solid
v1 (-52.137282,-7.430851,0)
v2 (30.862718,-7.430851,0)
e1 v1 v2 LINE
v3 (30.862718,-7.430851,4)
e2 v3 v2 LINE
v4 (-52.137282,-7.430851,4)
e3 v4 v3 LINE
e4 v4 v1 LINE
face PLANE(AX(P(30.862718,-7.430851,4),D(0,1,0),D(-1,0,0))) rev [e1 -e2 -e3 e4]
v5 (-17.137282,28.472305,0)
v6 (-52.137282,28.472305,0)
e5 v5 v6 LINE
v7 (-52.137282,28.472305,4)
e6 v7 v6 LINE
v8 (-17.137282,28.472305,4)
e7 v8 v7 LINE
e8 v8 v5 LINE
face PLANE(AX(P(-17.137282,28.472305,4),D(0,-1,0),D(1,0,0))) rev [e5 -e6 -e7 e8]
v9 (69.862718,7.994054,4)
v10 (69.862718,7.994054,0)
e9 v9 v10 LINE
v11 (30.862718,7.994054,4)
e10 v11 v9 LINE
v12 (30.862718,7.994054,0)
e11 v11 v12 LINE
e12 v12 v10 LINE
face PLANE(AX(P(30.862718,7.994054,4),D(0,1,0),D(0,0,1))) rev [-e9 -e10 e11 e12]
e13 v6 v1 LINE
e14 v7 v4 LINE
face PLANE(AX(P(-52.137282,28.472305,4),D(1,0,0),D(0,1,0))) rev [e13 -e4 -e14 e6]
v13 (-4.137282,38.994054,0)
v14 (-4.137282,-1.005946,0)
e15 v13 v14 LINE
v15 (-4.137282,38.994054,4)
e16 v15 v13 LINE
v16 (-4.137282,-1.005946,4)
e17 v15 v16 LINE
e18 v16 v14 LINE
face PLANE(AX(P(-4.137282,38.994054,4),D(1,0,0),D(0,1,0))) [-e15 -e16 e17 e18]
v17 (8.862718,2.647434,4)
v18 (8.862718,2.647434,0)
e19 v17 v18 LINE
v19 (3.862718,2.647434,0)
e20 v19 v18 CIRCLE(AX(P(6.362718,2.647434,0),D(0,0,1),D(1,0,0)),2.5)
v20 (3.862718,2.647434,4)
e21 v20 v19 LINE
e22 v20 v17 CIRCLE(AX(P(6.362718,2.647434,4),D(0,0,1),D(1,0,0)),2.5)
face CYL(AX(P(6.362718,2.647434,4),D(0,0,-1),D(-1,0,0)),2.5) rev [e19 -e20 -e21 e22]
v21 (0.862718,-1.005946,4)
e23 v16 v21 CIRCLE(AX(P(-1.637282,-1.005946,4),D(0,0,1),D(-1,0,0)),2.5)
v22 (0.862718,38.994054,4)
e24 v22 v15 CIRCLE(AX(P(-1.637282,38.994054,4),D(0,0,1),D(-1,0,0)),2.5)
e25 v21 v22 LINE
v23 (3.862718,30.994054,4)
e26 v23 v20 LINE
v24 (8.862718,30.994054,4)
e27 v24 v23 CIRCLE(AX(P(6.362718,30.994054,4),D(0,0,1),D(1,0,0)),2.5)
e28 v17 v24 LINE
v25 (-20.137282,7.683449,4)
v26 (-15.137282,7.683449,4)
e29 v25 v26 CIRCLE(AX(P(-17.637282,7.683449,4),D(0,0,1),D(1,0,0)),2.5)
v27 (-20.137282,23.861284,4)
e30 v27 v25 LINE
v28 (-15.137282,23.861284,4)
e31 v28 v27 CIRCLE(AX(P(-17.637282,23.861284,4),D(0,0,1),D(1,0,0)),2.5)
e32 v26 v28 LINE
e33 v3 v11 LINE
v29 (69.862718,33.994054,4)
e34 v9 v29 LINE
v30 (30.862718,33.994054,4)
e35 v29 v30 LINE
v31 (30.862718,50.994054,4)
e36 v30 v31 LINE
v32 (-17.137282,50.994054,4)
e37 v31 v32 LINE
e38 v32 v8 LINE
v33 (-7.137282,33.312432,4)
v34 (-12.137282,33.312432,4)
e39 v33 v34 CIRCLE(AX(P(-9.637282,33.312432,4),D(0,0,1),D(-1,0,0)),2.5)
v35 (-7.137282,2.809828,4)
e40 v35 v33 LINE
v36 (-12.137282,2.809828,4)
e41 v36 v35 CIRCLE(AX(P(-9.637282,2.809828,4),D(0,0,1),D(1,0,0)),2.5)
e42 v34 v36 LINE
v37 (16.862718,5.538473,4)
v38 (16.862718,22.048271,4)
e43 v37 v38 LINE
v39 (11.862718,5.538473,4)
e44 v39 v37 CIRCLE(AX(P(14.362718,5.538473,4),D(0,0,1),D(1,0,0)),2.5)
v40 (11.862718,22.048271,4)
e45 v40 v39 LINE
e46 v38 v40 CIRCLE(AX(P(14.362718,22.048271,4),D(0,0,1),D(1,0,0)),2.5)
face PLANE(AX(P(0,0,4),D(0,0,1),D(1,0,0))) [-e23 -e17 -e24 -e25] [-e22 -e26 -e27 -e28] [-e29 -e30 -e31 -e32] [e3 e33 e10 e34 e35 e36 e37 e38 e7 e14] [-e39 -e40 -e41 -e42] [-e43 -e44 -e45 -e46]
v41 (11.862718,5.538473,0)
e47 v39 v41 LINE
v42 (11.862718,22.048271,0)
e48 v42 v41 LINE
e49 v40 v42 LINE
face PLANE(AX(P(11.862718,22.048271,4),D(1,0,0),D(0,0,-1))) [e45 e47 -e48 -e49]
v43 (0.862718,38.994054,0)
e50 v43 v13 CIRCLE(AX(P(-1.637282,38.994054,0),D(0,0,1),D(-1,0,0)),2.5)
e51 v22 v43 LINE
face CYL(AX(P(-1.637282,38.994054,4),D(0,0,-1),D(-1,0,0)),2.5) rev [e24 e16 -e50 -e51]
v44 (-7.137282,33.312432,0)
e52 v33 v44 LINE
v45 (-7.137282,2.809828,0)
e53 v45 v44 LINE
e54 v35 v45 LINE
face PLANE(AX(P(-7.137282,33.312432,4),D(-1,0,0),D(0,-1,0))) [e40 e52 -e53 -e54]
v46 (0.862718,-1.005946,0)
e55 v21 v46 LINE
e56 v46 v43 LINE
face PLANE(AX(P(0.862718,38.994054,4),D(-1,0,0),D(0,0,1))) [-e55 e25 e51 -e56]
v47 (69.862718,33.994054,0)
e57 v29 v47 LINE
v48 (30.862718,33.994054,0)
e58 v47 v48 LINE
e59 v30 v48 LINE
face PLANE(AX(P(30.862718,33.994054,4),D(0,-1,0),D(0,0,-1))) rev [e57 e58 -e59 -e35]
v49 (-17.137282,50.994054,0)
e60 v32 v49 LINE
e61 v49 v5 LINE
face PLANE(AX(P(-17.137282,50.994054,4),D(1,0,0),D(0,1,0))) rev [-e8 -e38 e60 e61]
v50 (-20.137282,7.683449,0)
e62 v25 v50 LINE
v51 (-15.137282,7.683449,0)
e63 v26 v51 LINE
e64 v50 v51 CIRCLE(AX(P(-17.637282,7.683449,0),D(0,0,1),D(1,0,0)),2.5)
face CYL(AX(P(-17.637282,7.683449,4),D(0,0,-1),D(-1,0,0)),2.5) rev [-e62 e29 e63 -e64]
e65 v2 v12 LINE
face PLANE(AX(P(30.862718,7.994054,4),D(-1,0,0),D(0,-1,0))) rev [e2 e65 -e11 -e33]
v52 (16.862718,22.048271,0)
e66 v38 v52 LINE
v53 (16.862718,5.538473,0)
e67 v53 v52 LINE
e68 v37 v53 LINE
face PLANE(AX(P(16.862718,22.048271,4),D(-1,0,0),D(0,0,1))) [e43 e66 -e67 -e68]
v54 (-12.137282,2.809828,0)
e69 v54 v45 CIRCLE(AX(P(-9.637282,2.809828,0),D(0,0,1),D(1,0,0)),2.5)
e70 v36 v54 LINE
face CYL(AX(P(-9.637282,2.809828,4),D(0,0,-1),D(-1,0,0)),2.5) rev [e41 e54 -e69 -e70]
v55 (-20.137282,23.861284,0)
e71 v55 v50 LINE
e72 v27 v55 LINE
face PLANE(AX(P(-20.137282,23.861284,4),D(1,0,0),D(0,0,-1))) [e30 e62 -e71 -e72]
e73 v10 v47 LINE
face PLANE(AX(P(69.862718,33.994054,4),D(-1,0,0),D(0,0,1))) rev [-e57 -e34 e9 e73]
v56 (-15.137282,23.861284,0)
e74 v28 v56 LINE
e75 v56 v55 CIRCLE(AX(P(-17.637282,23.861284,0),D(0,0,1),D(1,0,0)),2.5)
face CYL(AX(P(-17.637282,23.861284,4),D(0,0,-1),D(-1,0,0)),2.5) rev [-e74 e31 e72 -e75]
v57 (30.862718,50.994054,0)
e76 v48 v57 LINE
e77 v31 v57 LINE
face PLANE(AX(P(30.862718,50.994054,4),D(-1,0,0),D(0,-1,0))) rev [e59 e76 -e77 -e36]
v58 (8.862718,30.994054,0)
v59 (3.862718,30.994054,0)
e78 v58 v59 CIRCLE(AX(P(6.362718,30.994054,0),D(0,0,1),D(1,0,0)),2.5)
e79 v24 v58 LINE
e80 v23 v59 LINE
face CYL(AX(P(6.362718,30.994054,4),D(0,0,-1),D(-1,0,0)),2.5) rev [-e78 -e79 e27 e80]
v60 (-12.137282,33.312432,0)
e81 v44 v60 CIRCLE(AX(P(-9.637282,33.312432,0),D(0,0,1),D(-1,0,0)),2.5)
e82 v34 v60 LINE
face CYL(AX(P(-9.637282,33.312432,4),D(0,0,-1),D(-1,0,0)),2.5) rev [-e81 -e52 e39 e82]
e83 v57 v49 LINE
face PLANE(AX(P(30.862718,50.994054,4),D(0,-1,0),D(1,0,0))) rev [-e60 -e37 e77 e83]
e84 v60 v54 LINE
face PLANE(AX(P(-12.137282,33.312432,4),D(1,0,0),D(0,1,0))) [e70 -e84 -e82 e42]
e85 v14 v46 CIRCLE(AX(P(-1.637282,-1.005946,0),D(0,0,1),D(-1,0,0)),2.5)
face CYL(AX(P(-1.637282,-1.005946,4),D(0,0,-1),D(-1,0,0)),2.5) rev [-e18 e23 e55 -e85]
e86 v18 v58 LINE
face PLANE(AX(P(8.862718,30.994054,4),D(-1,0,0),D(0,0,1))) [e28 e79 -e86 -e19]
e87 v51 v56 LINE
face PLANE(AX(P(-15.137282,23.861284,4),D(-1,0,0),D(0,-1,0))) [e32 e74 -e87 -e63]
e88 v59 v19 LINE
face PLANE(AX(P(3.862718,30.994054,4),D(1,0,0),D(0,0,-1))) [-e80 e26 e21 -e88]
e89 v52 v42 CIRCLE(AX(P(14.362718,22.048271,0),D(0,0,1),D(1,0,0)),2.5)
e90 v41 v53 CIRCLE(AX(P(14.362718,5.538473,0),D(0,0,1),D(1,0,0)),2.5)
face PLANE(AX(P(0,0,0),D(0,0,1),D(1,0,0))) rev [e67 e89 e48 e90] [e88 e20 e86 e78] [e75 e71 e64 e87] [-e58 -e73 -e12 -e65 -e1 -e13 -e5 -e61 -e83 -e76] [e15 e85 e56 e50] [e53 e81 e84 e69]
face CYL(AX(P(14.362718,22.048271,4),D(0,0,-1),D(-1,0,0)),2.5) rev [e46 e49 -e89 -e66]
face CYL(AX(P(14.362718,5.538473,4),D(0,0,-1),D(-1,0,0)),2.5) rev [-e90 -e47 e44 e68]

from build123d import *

# Parameters (mm, degrees)
BOSS_EXTRUDE1_DEPTH = 4


with BuildPart() as part:
    # Sketch1 → Boss-Extrude1 (new body)
    with BuildSketch(Plane.XY):
        Polygon((30.862718171, 33.994054131), (69.862718171, 33.994054131), (69.862718171, 7.994054131), (30.862718171, 7.994054131), (30.862718171, -7.430851064), (-52.137281829, -7.430851064), (-52.137281829, 28.472304637), (-17.137281829, 28.472304637), (-17.137281829, 50.994054131), (30.862718171, 50.994054131), align=None)
        with BuildLine():
            Line((-4.137281829, 38.994054131), (-4.137281829, -1.005945869))
            ThreePointArc((-4.137281829, -1.005945869), (-1.637281829, -3.505945869), (0.862718171, -1.005945869))
            Line((0.862718171, -1.005945869), (0.862718171, 38.994054131))
            ThreePointArc((0.862718171, 38.994054131), (-1.637281829, 41.494054131), (-4.137281829, 38.994054131))
        make_face(mode=Mode.SUBTRACT)
        with BuildLine():
            Line((-12.137281829, 33.312431903), (-12.137281829, 2.809827896))
            ThreePointArc((-12.137281829, 2.809827896), (-9.637281829, 0.309827896), (-7.137281829, 2.809827896))
            Line((-7.137281829, 2.809827896), (-7.137281829, 33.312431903))
            ThreePointArc((-7.137281829, 33.312431903), (-9.637281829, 35.812431903), (-12.137281829, 33.312431903))
        make_face(mode=Mode.SUBTRACT)
        with BuildLine():
            Line((-15.137281829, 23.861283589), (-15.137281829, 7.683449462))
            ThreePointArc((-15.137281829, 7.683449462), (-17.637281829, 5.183449462), (-20.137281829, 7.683449462))
            Line((-20.137281829, 7.683449462), (-20.137281829, 23.861283589))
            ThreePointArc((-20.137281829, 23.861283589), (-17.637281829, 26.361283589), (-15.137281829, 23.861283589))
        make_face(mode=Mode.SUBTRACT)
        with BuildLine():
            Line((3.862718171, 30.994054131), (3.862718171, 2.647434443))
            ThreePointArc((3.862718171, 2.647434443), (6.362718171, 0.147434443), (8.862718171, 2.647434443))
            Line((8.862718171, 2.647434443), (8.862718171, 30.994054131))
            ThreePointArc((8.862718171, 30.994054131), (6.362718171, 33.494054131), (3.862718171, 30.994054131))
        make_face(mode=Mode.SUBTRACT)
        with BuildLine():
            Line((11.862718171, 22.048271006), (11.862718171, 5.538473012))
            ThreePointArc((11.862718171, 5.538473012), (14.362718171, 3.038473012), (16.862718171, 5.538473012))
            Line((16.862718171, 5.538473012), (16.862718171, 22.048271006))
            ThreePointArc((16.862718171, 22.048271006), (14.362718171, 24.548271006), (11.862718171, 22.048271006))
        make_face(mode=Mode.SUBTRACT)
    extrude(amount=BOSS_EXTRUDE1_DEPTH)


solid = part.part
